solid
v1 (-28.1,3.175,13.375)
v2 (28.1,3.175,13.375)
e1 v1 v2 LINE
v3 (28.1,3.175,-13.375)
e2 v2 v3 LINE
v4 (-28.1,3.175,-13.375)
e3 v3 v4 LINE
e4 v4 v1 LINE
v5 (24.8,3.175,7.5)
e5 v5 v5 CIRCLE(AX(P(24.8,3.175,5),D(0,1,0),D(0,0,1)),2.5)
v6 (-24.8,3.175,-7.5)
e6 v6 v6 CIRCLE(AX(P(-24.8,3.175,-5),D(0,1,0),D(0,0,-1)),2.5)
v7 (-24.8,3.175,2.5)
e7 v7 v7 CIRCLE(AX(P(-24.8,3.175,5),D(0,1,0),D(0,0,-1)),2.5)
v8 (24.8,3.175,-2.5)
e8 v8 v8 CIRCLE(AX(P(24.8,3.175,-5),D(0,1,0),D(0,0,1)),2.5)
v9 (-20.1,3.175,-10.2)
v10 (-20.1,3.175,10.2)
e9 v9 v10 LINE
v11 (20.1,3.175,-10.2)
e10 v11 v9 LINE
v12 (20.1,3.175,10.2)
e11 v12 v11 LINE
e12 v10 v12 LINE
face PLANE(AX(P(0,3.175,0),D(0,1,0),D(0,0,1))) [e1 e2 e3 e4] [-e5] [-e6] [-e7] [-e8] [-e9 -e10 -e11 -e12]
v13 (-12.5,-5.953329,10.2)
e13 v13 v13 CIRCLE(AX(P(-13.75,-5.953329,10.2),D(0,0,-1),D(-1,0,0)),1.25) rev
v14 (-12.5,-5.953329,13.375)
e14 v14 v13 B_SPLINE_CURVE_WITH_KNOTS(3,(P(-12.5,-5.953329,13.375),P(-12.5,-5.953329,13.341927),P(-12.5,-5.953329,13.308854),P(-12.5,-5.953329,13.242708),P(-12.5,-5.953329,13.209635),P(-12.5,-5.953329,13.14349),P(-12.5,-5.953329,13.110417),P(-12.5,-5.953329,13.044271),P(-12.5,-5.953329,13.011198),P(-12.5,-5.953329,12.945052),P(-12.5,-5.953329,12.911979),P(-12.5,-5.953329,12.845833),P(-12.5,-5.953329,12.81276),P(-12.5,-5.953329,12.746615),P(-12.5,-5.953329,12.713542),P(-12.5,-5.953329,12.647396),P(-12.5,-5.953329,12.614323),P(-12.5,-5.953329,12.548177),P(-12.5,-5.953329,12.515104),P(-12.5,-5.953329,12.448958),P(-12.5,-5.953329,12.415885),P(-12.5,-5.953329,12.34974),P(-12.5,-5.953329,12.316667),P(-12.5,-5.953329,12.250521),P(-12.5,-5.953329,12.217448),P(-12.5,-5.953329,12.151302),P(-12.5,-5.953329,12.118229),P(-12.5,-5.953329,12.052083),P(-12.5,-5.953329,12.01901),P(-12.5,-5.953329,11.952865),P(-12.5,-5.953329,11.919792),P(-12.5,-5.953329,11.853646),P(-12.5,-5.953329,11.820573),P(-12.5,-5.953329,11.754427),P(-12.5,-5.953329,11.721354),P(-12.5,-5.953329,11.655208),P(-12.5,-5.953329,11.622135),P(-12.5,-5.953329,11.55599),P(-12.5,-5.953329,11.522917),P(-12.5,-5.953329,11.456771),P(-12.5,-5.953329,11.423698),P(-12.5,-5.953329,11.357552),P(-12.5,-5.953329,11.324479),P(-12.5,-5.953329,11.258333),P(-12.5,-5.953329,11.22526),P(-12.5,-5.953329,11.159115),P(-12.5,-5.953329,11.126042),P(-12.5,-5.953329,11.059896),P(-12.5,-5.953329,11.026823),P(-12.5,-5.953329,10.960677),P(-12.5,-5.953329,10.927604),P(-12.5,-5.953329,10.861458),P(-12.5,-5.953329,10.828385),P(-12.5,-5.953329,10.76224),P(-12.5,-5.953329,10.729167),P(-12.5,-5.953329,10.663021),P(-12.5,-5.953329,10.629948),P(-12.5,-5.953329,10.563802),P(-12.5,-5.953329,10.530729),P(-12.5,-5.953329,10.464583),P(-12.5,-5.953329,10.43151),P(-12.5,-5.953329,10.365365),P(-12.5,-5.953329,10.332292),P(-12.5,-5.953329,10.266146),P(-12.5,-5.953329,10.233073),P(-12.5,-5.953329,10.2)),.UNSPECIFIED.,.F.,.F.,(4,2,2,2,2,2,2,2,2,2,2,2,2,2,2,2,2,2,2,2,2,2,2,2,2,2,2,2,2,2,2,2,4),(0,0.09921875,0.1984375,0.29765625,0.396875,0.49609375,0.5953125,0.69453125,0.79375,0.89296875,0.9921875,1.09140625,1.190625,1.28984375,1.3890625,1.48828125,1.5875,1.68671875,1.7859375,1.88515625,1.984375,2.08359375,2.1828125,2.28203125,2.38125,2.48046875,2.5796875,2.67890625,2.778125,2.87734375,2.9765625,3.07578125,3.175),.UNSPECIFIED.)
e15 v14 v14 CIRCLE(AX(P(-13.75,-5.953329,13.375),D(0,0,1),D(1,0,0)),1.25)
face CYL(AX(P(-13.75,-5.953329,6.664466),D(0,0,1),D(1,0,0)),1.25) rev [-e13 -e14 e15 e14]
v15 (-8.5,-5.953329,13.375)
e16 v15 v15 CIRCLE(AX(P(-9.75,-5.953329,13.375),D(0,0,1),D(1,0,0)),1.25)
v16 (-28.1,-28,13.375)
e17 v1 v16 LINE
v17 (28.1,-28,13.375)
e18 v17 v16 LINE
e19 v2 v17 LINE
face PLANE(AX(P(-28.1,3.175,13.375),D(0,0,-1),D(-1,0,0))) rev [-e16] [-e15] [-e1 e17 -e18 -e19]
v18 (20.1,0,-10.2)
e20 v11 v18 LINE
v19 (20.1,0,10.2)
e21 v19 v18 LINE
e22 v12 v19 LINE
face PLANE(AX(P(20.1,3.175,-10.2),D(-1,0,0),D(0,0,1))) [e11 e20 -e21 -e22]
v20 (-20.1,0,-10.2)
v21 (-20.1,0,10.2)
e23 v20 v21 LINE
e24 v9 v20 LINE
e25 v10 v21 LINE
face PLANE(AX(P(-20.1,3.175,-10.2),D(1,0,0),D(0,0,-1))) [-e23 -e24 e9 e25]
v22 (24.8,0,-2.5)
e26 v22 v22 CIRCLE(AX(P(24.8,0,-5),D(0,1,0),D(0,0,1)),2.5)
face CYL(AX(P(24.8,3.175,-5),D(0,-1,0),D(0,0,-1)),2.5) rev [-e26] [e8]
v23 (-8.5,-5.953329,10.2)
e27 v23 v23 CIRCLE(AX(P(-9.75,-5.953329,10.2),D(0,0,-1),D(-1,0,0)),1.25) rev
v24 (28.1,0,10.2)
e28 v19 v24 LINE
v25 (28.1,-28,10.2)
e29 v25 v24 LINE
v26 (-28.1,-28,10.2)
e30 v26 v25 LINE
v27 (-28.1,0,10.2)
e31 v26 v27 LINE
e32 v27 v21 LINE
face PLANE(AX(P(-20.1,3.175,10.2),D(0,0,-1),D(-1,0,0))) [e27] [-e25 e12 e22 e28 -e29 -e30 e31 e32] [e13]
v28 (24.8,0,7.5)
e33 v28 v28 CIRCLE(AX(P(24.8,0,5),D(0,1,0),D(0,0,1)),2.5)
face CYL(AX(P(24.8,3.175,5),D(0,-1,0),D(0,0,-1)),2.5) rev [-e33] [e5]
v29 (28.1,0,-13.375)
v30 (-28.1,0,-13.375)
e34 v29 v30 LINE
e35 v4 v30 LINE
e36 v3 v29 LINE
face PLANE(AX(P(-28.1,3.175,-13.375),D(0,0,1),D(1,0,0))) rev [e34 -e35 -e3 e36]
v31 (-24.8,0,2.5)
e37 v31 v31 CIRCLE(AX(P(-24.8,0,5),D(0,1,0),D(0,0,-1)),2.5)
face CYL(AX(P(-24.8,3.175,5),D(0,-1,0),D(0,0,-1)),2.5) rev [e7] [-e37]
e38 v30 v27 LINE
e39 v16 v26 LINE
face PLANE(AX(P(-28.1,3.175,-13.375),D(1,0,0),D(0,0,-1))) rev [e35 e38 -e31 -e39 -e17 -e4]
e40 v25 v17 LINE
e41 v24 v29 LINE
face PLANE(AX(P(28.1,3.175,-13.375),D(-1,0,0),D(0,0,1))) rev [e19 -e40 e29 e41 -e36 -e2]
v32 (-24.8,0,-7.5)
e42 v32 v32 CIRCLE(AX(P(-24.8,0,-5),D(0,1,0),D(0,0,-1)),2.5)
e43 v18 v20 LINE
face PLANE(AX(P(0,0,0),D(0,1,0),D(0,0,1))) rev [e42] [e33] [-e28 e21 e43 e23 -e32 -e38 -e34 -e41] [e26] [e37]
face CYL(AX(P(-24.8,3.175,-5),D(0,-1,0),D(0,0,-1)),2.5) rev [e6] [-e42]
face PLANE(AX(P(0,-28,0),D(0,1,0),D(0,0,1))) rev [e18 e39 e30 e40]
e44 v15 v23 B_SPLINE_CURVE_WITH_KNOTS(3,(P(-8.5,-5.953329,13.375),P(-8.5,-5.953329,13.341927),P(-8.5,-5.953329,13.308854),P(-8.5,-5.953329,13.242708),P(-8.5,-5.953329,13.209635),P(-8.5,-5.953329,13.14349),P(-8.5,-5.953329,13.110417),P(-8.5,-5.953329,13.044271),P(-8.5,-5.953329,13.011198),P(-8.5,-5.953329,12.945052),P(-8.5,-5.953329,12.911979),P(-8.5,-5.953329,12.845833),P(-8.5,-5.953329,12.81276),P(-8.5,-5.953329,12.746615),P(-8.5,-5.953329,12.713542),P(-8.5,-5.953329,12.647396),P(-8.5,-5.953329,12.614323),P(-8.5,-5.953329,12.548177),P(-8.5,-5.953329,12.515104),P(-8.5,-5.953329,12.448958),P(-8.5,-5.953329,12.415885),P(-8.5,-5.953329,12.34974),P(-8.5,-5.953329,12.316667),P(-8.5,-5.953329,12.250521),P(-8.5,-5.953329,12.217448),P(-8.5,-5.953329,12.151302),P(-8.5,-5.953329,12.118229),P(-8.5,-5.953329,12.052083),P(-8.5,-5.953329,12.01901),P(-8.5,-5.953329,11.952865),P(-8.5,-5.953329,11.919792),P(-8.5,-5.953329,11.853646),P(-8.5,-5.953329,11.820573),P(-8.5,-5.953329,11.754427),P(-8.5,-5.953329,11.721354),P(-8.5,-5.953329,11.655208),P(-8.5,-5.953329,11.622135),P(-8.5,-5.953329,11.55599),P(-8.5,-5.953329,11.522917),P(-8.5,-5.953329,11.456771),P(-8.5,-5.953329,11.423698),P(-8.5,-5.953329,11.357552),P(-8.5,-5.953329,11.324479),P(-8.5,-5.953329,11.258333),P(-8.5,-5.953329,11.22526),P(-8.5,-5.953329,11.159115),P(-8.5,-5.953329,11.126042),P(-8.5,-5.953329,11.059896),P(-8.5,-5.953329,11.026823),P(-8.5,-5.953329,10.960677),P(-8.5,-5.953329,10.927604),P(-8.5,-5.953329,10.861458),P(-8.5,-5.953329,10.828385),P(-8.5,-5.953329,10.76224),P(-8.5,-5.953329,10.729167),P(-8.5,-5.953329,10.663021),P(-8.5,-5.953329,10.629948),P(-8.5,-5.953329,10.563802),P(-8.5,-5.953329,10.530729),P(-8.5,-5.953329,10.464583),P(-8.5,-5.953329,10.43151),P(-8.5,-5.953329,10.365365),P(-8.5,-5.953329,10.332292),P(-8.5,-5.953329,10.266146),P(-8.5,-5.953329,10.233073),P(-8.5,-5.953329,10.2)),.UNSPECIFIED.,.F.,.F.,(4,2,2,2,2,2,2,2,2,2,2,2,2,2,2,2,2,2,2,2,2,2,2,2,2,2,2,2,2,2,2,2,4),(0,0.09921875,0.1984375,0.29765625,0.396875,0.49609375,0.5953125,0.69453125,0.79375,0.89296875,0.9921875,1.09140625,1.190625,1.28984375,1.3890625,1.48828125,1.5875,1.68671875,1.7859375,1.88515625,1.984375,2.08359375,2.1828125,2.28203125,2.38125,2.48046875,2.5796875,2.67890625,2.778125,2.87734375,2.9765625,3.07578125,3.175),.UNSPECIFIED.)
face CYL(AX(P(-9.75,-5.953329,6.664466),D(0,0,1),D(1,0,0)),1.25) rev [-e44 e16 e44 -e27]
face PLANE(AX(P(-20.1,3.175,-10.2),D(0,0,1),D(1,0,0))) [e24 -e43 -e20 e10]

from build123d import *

# Parameters (mm, degrees)
SKETCH1_W           = 56.2
SKETCH1_H           = 26.75
SKETCH1_R           = 2.5
SKETCH1_W_2         = 40.2
SKETCH1_H_2         = 20.4
BOSS_EXTRUDE1_DEPTH = 3.175
SKETCH2_W           = 56.2
SKETCH2_H           = 3.175
BOSS_EXTRUDE2_DEPTH = 28
SKETCH3_R           = 1.25
CUT_EXTRUDE1_DEPTH  = 3.175


with BuildPart() as part:
    # Sketch1 → Boss-Extrude1 (new body)
    with BuildSketch(Plane(origin=(0, 0, 0), x_dir=(1, 0, 0), z_dir=(0, 1, 0))):
        Rectangle(SKETCH1_W, SKETCH1_H)
        with Locations(Location((24.8, 5, 0), (0, 0, 270))):
            Circle(SKETCH1_R, mode=Mode.SUBTRACT)
        with Locations(Location((24.8, -5, 0), (0, 0, 270))):
            Circle(SKETCH1_R, mode=Mode.SUBTRACT)
        with Locations(Location((-24.8, -5, 0), (0, 0, 90))):
            Circle(SKETCH1_R, mode=Mode.SUBTRACT)
        with Locations(Location((-24.8, 5, 0), (0, 0, 90))):
            Circle(SKETCH1_R, mode=Mode.SUBTRACT)
        Rectangle(SKETCH1_W_2, SKETCH1_H_2, mode=Mode.SUBTRACT)
    extrude(amount=BOSS_EXTRUDE1_DEPTH)

    # Sketch2 → Boss-Extrude2 (add)
    with BuildSketch(Plane(origin=(0, 0, 0), x_dir=(-1, 0, 0), z_dir=(0, -1, 0))):
        with Locations((0, -11.7875)):
            Rectangle(SKETCH2_W, SKETCH2_H)
    extrude(amount=BOSS_EXTRUDE2_DEPTH)

    # Sketch3 → Cut-Extrude1 (cut)
    with BuildSketch(Plane.XY.offset(13.375)):
        with Locations((-9.75, -5.953329294)):
            Circle(SKETCH3_R)
        with Locations((-13.75, -5.953329294)):
            Circle(SKETCH3_R)
    extrude(amount=-CUT_EXTRUDE1_DEPTH, mode=Mode.SUBTRACT)


solid = part.part
